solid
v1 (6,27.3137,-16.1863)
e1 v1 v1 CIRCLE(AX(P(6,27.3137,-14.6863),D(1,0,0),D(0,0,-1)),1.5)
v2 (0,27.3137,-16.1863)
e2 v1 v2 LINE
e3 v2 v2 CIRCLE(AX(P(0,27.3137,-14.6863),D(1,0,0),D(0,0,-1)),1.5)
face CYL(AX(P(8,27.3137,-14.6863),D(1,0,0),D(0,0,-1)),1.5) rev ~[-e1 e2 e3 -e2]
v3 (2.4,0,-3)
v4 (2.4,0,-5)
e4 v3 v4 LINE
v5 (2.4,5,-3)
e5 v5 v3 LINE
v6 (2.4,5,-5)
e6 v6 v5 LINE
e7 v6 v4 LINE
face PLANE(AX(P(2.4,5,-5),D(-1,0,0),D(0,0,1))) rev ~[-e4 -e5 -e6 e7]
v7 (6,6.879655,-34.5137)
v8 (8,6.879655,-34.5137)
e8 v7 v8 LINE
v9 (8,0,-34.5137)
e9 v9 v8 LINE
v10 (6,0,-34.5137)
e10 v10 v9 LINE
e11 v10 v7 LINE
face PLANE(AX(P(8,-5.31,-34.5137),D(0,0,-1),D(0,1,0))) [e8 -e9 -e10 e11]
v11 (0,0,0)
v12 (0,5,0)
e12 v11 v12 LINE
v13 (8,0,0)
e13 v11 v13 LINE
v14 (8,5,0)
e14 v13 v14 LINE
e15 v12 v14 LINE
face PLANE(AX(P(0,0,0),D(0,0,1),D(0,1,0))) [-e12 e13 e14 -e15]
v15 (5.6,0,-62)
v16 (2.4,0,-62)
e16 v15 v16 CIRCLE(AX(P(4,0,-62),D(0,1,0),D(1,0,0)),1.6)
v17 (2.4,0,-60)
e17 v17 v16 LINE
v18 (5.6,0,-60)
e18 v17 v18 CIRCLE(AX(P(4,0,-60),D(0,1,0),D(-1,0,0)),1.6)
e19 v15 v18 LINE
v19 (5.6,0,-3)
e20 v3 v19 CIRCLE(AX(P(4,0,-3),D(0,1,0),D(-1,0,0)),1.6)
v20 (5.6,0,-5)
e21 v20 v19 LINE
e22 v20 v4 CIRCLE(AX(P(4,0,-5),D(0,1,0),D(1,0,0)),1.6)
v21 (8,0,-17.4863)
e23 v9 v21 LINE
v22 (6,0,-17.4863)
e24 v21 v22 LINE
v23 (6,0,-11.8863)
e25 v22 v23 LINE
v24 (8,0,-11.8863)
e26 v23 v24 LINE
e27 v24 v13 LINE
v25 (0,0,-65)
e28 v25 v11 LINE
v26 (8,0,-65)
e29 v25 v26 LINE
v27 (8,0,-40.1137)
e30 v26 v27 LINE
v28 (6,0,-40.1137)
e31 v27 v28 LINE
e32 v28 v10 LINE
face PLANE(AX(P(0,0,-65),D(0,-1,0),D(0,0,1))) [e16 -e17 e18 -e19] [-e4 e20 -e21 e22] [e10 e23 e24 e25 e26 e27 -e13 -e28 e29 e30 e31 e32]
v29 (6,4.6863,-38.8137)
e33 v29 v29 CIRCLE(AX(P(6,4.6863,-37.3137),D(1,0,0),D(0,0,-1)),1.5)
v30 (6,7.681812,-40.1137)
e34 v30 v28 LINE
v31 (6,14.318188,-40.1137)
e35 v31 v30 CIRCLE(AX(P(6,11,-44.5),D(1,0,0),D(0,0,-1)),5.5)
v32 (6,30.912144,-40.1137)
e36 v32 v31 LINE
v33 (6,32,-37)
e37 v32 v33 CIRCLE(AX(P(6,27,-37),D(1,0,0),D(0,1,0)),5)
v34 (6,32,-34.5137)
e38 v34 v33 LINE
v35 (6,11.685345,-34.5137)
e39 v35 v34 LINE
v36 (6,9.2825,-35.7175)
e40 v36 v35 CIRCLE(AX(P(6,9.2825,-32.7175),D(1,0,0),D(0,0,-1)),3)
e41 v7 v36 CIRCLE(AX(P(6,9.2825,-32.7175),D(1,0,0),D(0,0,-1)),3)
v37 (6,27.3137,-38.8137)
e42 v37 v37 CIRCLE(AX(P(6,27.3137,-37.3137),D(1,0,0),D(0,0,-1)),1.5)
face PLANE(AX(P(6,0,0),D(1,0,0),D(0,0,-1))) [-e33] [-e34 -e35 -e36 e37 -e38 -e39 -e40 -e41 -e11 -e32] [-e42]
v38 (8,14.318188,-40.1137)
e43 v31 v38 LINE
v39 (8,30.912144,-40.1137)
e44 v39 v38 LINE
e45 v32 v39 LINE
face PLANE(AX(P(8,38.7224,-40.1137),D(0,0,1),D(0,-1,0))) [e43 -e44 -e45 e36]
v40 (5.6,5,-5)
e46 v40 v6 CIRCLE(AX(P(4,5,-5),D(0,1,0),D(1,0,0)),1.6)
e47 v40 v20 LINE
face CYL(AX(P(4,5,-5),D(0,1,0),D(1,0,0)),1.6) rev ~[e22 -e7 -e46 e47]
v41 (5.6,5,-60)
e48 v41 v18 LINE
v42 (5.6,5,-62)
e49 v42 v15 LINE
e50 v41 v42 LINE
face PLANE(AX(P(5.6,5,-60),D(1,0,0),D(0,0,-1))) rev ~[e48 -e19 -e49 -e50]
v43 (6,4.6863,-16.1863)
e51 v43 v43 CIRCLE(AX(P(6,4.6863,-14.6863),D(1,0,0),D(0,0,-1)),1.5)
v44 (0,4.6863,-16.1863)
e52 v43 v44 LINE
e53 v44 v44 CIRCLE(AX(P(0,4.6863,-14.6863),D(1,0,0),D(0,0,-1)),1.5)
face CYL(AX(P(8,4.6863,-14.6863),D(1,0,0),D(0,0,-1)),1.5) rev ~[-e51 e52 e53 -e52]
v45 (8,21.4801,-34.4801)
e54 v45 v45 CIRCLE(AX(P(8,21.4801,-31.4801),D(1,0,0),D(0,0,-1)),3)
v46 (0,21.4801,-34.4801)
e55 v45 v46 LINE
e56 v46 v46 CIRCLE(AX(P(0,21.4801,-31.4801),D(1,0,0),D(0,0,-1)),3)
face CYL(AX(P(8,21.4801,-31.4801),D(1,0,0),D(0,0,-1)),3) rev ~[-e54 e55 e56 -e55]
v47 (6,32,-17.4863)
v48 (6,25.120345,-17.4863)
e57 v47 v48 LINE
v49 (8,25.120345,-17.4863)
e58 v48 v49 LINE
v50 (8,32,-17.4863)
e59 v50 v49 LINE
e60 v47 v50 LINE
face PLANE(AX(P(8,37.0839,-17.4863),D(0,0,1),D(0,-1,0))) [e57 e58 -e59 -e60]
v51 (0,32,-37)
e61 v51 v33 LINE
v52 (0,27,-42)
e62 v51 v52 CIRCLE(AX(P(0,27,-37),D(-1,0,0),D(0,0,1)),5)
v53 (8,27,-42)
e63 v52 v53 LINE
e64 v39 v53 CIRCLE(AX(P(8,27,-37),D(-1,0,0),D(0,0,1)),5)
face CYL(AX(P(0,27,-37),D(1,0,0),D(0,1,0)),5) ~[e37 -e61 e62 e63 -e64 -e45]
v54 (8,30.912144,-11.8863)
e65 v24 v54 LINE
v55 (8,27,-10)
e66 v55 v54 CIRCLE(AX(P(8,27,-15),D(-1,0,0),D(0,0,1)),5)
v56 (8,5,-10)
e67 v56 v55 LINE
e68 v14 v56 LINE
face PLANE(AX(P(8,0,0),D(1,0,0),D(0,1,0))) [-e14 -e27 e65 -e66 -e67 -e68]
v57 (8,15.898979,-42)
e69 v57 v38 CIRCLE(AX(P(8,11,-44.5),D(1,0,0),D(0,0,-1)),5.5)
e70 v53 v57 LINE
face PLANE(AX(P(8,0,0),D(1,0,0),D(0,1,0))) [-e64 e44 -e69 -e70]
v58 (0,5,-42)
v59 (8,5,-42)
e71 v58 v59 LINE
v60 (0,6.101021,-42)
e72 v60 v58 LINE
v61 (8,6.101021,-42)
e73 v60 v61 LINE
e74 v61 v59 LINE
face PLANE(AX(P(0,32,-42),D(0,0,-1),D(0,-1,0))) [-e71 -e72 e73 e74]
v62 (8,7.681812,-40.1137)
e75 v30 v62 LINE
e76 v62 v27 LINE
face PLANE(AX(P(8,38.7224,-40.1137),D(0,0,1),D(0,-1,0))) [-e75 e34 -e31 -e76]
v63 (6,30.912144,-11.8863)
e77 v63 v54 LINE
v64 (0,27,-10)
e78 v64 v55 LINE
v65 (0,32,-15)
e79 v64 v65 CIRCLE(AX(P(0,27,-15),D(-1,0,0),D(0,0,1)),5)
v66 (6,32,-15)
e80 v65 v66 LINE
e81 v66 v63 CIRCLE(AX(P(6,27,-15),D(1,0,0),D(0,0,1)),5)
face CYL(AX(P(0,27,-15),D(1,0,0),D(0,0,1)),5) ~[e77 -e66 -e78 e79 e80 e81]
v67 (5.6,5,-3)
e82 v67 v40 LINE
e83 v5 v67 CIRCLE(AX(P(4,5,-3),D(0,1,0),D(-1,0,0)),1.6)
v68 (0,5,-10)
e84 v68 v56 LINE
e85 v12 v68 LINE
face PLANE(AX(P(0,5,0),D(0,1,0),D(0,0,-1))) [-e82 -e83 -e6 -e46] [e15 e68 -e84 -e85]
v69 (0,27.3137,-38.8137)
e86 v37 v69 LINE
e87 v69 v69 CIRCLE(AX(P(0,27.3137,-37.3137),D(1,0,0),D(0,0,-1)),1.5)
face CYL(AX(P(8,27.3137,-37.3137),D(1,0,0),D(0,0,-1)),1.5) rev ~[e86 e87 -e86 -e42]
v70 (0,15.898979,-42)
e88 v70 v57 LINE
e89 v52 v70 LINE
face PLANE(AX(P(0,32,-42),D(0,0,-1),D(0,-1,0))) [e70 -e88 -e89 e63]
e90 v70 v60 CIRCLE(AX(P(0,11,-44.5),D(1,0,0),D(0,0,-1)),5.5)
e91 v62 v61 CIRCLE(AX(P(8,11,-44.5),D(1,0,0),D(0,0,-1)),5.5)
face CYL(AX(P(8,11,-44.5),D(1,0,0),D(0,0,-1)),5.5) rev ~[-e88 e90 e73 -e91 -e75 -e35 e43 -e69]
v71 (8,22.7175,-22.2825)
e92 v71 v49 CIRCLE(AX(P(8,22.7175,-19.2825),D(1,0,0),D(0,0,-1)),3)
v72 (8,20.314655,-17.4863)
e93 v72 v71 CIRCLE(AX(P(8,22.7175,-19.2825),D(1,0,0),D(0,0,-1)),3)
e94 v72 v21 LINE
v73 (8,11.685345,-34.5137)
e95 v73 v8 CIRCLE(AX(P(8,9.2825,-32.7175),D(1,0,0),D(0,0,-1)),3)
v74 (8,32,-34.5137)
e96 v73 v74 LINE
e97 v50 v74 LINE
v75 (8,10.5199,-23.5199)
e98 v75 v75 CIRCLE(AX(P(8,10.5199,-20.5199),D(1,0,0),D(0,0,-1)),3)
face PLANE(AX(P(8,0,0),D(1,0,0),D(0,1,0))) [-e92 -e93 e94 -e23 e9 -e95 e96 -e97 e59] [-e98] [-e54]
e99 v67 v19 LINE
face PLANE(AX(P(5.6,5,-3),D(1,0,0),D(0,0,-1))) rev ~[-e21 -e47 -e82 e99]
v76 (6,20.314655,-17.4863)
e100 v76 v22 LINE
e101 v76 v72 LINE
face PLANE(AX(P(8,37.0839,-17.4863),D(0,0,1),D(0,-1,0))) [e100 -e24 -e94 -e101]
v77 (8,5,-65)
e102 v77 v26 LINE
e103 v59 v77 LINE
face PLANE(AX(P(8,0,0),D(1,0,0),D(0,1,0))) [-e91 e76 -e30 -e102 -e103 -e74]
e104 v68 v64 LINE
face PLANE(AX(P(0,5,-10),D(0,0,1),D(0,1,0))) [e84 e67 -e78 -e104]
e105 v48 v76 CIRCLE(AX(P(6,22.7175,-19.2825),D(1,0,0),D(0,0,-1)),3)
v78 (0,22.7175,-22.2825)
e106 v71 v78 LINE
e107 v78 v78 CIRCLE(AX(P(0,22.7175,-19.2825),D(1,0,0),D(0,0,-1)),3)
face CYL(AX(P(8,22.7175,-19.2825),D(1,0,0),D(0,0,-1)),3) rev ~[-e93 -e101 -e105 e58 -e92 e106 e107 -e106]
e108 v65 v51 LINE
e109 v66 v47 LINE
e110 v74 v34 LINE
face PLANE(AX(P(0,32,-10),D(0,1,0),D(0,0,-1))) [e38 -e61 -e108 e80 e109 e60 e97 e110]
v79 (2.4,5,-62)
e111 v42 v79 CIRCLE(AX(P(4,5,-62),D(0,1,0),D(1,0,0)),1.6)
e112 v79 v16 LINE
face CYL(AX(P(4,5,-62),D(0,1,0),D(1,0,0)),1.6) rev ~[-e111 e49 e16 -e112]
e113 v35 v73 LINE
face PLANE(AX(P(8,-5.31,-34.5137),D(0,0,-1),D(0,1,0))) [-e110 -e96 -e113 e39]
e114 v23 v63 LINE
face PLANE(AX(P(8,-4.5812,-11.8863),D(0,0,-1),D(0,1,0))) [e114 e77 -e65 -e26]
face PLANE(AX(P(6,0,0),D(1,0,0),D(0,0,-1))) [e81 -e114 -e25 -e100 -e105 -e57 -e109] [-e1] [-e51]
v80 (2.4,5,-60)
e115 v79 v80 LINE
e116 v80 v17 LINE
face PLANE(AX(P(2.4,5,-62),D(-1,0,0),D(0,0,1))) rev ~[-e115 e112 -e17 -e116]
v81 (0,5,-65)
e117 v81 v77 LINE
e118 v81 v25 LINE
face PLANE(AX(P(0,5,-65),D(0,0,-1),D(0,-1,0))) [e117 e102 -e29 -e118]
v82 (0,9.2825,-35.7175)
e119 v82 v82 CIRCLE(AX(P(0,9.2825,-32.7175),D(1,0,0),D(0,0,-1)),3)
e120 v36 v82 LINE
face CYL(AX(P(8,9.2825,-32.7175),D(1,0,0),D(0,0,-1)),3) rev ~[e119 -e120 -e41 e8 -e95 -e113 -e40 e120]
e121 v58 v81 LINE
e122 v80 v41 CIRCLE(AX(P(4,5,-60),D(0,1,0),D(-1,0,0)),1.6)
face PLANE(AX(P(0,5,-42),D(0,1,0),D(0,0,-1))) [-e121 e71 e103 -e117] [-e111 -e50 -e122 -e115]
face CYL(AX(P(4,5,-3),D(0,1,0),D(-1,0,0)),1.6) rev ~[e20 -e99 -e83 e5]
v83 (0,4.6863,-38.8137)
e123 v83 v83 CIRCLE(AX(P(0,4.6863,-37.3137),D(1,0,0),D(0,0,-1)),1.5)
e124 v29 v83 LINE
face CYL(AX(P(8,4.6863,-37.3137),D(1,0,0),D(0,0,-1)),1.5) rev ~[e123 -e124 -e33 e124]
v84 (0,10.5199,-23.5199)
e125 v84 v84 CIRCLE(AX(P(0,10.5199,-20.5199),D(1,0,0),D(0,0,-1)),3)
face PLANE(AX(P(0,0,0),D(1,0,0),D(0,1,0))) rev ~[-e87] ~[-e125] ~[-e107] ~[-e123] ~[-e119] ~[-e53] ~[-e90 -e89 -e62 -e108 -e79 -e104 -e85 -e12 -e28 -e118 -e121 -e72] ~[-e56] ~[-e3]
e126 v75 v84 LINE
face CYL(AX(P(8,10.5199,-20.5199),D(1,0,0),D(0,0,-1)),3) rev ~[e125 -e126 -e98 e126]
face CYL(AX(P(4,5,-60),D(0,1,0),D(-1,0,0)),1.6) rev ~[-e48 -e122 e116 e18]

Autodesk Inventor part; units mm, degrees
ref_plane "YZ Plane" through (0, 0, 0) normal (1, 0, 0) x (0, 1, 0)
ref_plane "XZ Plane" through (0, 0, 0) normal (0, 1, 0) x (-1, 0, 0)
ref_plane "XY Plane" through (0, 0, 0) normal (0, 0, 1) x (1, 0, 0)
sketch "Esquisse1" plane through (0, 0, 0) normal (1, 0, 0) x (0, 1, 0)
  line L0 (0, 0) -> (5, 0)
  line L1 (5, 0) -> (5, -10)
  line L2 (5, -10) -> (32, -10)
  line L3 (32, -10) -> (32, -42)
  line L4 (32, -42) -> (5, -42)
  line L5 (5, -42) -> (5, -65)
  line L6 (5, -65) -> (0, -65)
  line L7 (0, -65) -> (0, 0)
  dimension "d0" = 5
  dimension "d1" = 32
  dimension "d2" = 32
  dimension "d3" = 10
  dimension "d4" = 65
extrude "Extrusion1" add sketch "Esquisse1" along normal blind 8
sketch "Esquisse2" plane through (8, 0, 0) normal (1, 0, 0) x (0, 0, -1)
  circle A0 centre (26, 16) radius 9.5 construction
  line L0 (0, 0) -> (65, 0) projected
  line L1 (10, 32) -> (10, 5) projected
  line L2 (26, 16) -> (19.2825, 22.7175) construction
  circle A1 centre (26, 16) radius 7.75 construction
  line L3 (26, 16) -> (20.5199, 10.5199) construction
  circle A2 centre (19.2825, 22.7175) radius 3
  circle A3 centre (20.5199, 10.5199) radius 3
  circle A4 centre (31.4801, 21.4801) radius 3
  circle A5 centre (32.7175, 9.2825) radius 3
  dimension "d9" = 19
  dimension "d7" = 16
  dimension "d8" = 16
  dimension "d10" = 45
  dimension "d11" = 15.5
  dimension "d12" = 45
  dimension "d13" = 6
  dimension "d14" = 6
  dimension "d31" = 360
  dimension "d35" = 360
extrude "Extrusion2" cut sketch "Esquisse2" against normal through all
sketch "Esquisse3" plane through (8, 0, 0) normal (1, 0, 0) x (0, 0, -1)
  circle A0 centre (26, 16) radius 16 construction
  line L0 (10, 32) -> (10, 5) projected
  line L1 (0, 0) -> (65, 0) projected
  line L2 (26, 16) -> (14.6863, 27.3137) construction
  line L3 (42, 32) -> (10, 32) projected
  circle A1 centre (14.6863, 27.3137) radius 1.5
  circle A2 centre (14.6863, 4.6863) radius 1.5
  circle A3 centre (37.3137, 4.6863) radius 1.5
  circle A4 centre (37.3137, 27.3137) radius 1.5
  dimension "d17" = 32
  dimension "d18" = 16
  dimension "d19" = 16
  dimension "d20" = 45
  dimension "d21" = 3
  dimension "d24" = 360
extrude "Extrusion3" cut sketch "Esquisse3" against normal through all
fillet "Congé1" radius 5 2 edges at (4, 32, -10) (4, 32, -42)
sketch "Esquisse4" plane through (0, 5, 0) normal (0, 1, 0) x (1, 0, 0)
  line L0 (4, 5) -> (4, 3) construction
  line L1 (2.4, 5) -> (2.4, 3)
  line L2 (5.6, 3) -> (5.6, 5)
  arc A0 (5.6, 5) -> (2.4, 5) centre (4, 5) ccw
  arc A1 (2.4, 3) -> (5.6, 3) centre (4, 3) ccw
  line L3 (0, 0) -> (8, 0) projected
  line L4 (0, 10) -> (0, 0) projected
  point P0 (4, 4)
  dimension "d37" = 3
  dimension "d38" = 2
  dimension "d39" = 4
  dimension "d40" = 1.6
extrude "Extrusion4" cut sketch "Esquisse4" against normal through all
pattern_linear "Réseau rectangulaire1" count 2 spacing 57 along (0, 0, -1) of "Extrusion4"
sketch "Esquisse5" plane through (8, 0, 0) normal (1, 0, 0) x (0, 0, -1)
  line L0 (11.8863, 37.0839) -> (17.4863, 37.0839)
  line L1 (17.4863, 37.0839) -> (17.4863, -4.5812)
  line L2 (17.4863, -4.5812) -> (11.8863, -4.5812)
  line L3 (11.8863, -4.5812) -> (11.8863, 37.0839)
  circle A0 centre (14.6863, 27.3137) radius 1.5 projected
  line L4 (34.5137, 38.7224) -> (40.1137, 38.7224)
  line L5 (40.1137, 38.7224) -> (40.1137, -5.31)
  line L6 (40.1137, -5.31) -> (34.5137, -5.31)
  line L7 (34.5137, -5.31) -> (34.5137, 38.7224)
  circle A1 centre (37.3137, 27.3137) radius 1.5 projected
  point P0 (0, 0)
  dimension "d47" = 2.8
  dimension "d48" = 5.6
  dimension "d49" = 2.8
  dimension "d50" = 5.6
extrude "Extrusion5" cut sketch "Esquisse5" against normal blind 2 contours L0 L1 L2 L3 | L4 L5 L6 L7 | A1
sketch "Esquisse6" plane through (8, 0, 0) normal (1, 0, 0) x (0, 0, -1)
  circle A0 centre (44.5, 11) radius 5.5
  line L0 (10, 27) -> (10, 5) projected
  line L1 (40.1137, 0) -> (11.8863, 0) projected
  point P0 (0, 0)
  point P1 (10, 7)
  point P2 (63, 0)
  dimension "d53" = 34.5
  dimension "d54" = 11
  dimension "d55" = 11
extrude "Extrusion6" cut sketch "Esquisse6" against normal through all
properties part number "support_moteur_brushless2"
